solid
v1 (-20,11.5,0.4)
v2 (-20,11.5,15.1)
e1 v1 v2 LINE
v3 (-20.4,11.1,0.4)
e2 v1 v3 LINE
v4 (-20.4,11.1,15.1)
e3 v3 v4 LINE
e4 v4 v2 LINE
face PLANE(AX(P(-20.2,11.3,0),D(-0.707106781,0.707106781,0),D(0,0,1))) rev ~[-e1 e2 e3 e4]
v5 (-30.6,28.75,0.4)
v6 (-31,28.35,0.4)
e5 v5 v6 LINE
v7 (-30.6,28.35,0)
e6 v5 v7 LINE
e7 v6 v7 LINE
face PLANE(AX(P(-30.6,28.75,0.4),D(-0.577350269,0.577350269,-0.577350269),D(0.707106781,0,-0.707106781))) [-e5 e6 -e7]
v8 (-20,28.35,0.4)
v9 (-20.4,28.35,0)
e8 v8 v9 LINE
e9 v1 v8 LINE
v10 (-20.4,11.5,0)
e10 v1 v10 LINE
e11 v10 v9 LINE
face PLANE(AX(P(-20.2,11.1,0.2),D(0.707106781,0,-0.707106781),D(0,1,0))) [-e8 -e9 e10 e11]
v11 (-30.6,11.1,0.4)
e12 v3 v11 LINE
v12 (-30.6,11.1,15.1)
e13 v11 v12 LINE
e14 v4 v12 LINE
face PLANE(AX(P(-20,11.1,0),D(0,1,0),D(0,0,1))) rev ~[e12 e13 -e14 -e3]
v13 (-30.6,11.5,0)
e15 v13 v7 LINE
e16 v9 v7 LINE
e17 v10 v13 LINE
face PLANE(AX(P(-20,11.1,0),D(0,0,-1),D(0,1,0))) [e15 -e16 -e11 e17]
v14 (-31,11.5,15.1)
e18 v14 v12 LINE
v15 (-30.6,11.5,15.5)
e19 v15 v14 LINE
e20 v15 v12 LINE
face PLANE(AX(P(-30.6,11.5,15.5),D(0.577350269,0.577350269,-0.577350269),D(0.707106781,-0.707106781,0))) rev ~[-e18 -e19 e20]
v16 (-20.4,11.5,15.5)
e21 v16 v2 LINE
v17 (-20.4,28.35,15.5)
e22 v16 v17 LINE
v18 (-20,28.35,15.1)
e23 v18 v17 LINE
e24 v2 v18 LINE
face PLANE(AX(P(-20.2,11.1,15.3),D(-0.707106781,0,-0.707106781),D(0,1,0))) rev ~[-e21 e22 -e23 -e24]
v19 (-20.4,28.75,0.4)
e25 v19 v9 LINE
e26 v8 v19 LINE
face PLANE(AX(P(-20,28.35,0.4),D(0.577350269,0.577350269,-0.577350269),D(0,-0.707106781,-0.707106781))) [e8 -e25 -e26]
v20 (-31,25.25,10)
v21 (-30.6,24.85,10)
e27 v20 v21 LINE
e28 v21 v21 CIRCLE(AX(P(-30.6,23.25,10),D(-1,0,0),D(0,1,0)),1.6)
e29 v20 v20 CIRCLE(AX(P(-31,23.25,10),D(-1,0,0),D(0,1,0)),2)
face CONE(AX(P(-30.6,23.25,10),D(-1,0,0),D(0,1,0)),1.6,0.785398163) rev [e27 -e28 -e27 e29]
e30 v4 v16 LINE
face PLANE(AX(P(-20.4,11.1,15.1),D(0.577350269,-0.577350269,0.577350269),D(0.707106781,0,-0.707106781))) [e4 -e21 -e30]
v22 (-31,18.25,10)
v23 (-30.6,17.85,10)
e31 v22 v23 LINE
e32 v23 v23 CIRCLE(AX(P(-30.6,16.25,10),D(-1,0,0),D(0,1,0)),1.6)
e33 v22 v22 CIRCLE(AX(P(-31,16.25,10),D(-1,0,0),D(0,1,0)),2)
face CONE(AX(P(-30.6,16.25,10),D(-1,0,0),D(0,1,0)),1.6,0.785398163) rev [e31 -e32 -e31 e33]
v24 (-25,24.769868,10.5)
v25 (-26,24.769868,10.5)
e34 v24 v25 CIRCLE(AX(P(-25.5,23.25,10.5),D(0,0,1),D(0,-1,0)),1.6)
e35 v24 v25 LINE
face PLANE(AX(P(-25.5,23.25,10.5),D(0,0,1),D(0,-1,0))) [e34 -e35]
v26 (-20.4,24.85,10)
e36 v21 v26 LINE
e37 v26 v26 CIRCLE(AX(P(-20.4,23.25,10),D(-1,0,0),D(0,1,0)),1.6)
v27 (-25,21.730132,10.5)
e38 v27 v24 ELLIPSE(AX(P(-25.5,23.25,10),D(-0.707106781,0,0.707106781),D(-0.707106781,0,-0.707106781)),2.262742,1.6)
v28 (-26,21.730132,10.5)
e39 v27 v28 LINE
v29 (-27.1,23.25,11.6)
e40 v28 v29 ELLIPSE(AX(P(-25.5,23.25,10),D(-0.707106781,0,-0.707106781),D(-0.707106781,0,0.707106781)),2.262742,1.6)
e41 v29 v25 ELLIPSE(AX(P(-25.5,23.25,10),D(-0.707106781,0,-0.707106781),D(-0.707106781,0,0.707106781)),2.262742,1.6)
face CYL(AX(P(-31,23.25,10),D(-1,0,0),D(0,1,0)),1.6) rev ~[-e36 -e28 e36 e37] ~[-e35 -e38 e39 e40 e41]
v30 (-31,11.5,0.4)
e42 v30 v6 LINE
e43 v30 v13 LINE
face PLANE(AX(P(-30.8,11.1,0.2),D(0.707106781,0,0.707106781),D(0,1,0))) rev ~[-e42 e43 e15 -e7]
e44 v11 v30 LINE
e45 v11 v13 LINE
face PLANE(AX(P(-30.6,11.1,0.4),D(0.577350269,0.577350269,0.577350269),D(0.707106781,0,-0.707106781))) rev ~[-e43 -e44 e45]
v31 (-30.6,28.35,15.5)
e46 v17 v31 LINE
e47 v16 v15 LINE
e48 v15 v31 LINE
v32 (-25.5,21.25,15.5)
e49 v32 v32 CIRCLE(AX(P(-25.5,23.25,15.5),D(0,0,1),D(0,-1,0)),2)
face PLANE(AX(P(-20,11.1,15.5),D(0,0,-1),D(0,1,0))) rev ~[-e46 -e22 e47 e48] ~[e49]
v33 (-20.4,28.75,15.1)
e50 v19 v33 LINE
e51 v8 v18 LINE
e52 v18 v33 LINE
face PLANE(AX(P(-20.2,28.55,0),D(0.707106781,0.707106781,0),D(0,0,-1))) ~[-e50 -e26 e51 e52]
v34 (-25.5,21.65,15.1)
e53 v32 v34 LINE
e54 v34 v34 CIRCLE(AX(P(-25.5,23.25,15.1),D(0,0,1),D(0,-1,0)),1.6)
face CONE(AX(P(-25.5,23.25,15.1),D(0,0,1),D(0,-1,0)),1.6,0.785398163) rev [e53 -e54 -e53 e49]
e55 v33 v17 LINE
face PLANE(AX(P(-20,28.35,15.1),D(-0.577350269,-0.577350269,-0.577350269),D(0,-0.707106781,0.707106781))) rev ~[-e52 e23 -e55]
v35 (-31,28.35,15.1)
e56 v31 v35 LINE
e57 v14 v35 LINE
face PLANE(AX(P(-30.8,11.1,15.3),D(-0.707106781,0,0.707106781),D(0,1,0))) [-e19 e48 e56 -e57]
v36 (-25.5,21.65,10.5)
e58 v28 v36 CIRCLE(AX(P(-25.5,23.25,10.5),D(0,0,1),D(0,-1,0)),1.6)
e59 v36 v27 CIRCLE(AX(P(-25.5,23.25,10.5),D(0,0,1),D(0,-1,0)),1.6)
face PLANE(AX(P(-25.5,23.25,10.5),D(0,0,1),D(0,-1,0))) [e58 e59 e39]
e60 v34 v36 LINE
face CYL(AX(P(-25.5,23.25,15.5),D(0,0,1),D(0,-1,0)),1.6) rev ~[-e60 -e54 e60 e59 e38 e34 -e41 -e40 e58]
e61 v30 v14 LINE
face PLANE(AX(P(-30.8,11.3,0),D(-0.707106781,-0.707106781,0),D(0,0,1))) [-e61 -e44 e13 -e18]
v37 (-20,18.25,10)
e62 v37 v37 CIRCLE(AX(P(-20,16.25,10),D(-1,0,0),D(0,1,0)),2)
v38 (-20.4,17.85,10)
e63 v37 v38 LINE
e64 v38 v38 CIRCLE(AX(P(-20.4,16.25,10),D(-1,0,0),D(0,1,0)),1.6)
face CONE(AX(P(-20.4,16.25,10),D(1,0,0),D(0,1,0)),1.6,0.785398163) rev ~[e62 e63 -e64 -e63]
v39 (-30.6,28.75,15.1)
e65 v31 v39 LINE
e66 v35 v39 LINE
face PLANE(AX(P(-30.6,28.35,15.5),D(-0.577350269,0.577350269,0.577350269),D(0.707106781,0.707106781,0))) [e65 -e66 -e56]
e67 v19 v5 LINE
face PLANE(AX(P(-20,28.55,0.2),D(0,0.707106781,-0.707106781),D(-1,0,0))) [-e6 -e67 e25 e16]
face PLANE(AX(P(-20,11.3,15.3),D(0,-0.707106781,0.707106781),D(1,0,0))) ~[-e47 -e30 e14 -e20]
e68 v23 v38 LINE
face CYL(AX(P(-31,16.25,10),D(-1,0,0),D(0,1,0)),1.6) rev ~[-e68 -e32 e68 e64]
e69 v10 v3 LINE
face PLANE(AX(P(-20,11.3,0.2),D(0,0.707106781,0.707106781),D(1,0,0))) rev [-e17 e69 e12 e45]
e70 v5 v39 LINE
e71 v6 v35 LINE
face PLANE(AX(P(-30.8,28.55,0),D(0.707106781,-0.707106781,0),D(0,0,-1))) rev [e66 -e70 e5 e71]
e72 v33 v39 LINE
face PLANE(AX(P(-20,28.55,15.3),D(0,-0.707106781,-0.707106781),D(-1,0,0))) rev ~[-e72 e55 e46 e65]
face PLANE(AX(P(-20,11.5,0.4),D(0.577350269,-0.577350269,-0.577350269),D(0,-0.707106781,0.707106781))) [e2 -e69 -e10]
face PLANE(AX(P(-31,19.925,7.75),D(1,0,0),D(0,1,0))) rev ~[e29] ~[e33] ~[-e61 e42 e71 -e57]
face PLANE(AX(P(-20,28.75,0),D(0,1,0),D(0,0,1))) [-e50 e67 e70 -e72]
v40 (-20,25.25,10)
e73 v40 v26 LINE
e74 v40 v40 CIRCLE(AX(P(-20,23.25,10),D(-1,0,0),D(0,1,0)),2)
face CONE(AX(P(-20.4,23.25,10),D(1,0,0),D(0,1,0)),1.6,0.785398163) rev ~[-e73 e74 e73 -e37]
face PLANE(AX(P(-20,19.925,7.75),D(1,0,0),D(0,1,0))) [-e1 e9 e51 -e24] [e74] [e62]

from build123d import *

# Parameters (mm, degrees)
SKETCH034_W           = 17.65
SKETCH034_H           = 15.5
PAD010_DEPTH          = 11
SKETCH035_R           = 1.6
POCKET018_DEPTH       = 11.001
SKETCH036_R           = 1.6
POCKET019_DEPTH       = 5
CHAMFER003015002_SIZE = 0.4


with BuildPart() as part:
    # Sketch034 → Pad010 (new body)
    with BuildSketch(Plane.YZ):
        with Locations((8.925, 7.75)):
            Rectangle(SKETCH034_W, SKETCH034_H)
    extrude(amount=-PAD010_DEPTH)

    # Sketch035 (on Face6 of Pad010) → Pocket018 (cut, through all)
    with BuildSketch(Plane(origin=(-11, 0, 0), x_dir=(0, 1, 0), z_dir=(-1, 0, 0))):
        with Locations((5.25, -10)):
            Circle(SKETCH035_R)
        with Locations((12.25, -10)):
            Circle(SKETCH035_R)
    extrude(amount=-POCKET018_DEPTH, mode=Mode.SUBTRACT)

    # Sketch036 (on Face6 of Pocket018) → Pocket019 (cut)
    with BuildSketch(Plane(origin=(0, 0, 15.5), x_dir=(0, -1, 0), z_dir=(0, 0, 1))):
        with Locations((-12.25, -5.5)):
            Circle(SKETCH036_R)
    extrude(amount=-POCKET019_DEPTH, mode=Mode.SUBTRACT)

    # Chamfer003015002
    chamfer003015002_edges = [part.edges().sort_by_distance(p)[0] for p in [
        (-11, 8.925, 0),
        (-11, 0.1, 7.75),
        (-11, 17.75, 7.75),
        (-11, 8.925, 15.5),
        (-11, 10.65, 10),
        (-11, 3.65, 10),
        (-5.5, 17.75, 0),
        (-5.5, 17.75, 15.5),
        (0, 17.75, 7.75),
        (-5.5, 0.1, 0),
        (0, 8.925, 0),
        (0, 8.925, 15.5),
        (-5.5, 0.1, 15.5),
        (-5.5, 13.85, 15.5),
        (0, 0.1, 7.75),
        (0, 10.65, 10),
        (0, 3.65, 10),
    ]]
    chamfer(chamfer003015002_edges, length=CHAMFER003015002_SIZE)


with BuildPart() as part_1:
    # Body005020 placement: moved
    add(part.part.moved(Location((-20, 11, 0))))


solid = part_1.part
